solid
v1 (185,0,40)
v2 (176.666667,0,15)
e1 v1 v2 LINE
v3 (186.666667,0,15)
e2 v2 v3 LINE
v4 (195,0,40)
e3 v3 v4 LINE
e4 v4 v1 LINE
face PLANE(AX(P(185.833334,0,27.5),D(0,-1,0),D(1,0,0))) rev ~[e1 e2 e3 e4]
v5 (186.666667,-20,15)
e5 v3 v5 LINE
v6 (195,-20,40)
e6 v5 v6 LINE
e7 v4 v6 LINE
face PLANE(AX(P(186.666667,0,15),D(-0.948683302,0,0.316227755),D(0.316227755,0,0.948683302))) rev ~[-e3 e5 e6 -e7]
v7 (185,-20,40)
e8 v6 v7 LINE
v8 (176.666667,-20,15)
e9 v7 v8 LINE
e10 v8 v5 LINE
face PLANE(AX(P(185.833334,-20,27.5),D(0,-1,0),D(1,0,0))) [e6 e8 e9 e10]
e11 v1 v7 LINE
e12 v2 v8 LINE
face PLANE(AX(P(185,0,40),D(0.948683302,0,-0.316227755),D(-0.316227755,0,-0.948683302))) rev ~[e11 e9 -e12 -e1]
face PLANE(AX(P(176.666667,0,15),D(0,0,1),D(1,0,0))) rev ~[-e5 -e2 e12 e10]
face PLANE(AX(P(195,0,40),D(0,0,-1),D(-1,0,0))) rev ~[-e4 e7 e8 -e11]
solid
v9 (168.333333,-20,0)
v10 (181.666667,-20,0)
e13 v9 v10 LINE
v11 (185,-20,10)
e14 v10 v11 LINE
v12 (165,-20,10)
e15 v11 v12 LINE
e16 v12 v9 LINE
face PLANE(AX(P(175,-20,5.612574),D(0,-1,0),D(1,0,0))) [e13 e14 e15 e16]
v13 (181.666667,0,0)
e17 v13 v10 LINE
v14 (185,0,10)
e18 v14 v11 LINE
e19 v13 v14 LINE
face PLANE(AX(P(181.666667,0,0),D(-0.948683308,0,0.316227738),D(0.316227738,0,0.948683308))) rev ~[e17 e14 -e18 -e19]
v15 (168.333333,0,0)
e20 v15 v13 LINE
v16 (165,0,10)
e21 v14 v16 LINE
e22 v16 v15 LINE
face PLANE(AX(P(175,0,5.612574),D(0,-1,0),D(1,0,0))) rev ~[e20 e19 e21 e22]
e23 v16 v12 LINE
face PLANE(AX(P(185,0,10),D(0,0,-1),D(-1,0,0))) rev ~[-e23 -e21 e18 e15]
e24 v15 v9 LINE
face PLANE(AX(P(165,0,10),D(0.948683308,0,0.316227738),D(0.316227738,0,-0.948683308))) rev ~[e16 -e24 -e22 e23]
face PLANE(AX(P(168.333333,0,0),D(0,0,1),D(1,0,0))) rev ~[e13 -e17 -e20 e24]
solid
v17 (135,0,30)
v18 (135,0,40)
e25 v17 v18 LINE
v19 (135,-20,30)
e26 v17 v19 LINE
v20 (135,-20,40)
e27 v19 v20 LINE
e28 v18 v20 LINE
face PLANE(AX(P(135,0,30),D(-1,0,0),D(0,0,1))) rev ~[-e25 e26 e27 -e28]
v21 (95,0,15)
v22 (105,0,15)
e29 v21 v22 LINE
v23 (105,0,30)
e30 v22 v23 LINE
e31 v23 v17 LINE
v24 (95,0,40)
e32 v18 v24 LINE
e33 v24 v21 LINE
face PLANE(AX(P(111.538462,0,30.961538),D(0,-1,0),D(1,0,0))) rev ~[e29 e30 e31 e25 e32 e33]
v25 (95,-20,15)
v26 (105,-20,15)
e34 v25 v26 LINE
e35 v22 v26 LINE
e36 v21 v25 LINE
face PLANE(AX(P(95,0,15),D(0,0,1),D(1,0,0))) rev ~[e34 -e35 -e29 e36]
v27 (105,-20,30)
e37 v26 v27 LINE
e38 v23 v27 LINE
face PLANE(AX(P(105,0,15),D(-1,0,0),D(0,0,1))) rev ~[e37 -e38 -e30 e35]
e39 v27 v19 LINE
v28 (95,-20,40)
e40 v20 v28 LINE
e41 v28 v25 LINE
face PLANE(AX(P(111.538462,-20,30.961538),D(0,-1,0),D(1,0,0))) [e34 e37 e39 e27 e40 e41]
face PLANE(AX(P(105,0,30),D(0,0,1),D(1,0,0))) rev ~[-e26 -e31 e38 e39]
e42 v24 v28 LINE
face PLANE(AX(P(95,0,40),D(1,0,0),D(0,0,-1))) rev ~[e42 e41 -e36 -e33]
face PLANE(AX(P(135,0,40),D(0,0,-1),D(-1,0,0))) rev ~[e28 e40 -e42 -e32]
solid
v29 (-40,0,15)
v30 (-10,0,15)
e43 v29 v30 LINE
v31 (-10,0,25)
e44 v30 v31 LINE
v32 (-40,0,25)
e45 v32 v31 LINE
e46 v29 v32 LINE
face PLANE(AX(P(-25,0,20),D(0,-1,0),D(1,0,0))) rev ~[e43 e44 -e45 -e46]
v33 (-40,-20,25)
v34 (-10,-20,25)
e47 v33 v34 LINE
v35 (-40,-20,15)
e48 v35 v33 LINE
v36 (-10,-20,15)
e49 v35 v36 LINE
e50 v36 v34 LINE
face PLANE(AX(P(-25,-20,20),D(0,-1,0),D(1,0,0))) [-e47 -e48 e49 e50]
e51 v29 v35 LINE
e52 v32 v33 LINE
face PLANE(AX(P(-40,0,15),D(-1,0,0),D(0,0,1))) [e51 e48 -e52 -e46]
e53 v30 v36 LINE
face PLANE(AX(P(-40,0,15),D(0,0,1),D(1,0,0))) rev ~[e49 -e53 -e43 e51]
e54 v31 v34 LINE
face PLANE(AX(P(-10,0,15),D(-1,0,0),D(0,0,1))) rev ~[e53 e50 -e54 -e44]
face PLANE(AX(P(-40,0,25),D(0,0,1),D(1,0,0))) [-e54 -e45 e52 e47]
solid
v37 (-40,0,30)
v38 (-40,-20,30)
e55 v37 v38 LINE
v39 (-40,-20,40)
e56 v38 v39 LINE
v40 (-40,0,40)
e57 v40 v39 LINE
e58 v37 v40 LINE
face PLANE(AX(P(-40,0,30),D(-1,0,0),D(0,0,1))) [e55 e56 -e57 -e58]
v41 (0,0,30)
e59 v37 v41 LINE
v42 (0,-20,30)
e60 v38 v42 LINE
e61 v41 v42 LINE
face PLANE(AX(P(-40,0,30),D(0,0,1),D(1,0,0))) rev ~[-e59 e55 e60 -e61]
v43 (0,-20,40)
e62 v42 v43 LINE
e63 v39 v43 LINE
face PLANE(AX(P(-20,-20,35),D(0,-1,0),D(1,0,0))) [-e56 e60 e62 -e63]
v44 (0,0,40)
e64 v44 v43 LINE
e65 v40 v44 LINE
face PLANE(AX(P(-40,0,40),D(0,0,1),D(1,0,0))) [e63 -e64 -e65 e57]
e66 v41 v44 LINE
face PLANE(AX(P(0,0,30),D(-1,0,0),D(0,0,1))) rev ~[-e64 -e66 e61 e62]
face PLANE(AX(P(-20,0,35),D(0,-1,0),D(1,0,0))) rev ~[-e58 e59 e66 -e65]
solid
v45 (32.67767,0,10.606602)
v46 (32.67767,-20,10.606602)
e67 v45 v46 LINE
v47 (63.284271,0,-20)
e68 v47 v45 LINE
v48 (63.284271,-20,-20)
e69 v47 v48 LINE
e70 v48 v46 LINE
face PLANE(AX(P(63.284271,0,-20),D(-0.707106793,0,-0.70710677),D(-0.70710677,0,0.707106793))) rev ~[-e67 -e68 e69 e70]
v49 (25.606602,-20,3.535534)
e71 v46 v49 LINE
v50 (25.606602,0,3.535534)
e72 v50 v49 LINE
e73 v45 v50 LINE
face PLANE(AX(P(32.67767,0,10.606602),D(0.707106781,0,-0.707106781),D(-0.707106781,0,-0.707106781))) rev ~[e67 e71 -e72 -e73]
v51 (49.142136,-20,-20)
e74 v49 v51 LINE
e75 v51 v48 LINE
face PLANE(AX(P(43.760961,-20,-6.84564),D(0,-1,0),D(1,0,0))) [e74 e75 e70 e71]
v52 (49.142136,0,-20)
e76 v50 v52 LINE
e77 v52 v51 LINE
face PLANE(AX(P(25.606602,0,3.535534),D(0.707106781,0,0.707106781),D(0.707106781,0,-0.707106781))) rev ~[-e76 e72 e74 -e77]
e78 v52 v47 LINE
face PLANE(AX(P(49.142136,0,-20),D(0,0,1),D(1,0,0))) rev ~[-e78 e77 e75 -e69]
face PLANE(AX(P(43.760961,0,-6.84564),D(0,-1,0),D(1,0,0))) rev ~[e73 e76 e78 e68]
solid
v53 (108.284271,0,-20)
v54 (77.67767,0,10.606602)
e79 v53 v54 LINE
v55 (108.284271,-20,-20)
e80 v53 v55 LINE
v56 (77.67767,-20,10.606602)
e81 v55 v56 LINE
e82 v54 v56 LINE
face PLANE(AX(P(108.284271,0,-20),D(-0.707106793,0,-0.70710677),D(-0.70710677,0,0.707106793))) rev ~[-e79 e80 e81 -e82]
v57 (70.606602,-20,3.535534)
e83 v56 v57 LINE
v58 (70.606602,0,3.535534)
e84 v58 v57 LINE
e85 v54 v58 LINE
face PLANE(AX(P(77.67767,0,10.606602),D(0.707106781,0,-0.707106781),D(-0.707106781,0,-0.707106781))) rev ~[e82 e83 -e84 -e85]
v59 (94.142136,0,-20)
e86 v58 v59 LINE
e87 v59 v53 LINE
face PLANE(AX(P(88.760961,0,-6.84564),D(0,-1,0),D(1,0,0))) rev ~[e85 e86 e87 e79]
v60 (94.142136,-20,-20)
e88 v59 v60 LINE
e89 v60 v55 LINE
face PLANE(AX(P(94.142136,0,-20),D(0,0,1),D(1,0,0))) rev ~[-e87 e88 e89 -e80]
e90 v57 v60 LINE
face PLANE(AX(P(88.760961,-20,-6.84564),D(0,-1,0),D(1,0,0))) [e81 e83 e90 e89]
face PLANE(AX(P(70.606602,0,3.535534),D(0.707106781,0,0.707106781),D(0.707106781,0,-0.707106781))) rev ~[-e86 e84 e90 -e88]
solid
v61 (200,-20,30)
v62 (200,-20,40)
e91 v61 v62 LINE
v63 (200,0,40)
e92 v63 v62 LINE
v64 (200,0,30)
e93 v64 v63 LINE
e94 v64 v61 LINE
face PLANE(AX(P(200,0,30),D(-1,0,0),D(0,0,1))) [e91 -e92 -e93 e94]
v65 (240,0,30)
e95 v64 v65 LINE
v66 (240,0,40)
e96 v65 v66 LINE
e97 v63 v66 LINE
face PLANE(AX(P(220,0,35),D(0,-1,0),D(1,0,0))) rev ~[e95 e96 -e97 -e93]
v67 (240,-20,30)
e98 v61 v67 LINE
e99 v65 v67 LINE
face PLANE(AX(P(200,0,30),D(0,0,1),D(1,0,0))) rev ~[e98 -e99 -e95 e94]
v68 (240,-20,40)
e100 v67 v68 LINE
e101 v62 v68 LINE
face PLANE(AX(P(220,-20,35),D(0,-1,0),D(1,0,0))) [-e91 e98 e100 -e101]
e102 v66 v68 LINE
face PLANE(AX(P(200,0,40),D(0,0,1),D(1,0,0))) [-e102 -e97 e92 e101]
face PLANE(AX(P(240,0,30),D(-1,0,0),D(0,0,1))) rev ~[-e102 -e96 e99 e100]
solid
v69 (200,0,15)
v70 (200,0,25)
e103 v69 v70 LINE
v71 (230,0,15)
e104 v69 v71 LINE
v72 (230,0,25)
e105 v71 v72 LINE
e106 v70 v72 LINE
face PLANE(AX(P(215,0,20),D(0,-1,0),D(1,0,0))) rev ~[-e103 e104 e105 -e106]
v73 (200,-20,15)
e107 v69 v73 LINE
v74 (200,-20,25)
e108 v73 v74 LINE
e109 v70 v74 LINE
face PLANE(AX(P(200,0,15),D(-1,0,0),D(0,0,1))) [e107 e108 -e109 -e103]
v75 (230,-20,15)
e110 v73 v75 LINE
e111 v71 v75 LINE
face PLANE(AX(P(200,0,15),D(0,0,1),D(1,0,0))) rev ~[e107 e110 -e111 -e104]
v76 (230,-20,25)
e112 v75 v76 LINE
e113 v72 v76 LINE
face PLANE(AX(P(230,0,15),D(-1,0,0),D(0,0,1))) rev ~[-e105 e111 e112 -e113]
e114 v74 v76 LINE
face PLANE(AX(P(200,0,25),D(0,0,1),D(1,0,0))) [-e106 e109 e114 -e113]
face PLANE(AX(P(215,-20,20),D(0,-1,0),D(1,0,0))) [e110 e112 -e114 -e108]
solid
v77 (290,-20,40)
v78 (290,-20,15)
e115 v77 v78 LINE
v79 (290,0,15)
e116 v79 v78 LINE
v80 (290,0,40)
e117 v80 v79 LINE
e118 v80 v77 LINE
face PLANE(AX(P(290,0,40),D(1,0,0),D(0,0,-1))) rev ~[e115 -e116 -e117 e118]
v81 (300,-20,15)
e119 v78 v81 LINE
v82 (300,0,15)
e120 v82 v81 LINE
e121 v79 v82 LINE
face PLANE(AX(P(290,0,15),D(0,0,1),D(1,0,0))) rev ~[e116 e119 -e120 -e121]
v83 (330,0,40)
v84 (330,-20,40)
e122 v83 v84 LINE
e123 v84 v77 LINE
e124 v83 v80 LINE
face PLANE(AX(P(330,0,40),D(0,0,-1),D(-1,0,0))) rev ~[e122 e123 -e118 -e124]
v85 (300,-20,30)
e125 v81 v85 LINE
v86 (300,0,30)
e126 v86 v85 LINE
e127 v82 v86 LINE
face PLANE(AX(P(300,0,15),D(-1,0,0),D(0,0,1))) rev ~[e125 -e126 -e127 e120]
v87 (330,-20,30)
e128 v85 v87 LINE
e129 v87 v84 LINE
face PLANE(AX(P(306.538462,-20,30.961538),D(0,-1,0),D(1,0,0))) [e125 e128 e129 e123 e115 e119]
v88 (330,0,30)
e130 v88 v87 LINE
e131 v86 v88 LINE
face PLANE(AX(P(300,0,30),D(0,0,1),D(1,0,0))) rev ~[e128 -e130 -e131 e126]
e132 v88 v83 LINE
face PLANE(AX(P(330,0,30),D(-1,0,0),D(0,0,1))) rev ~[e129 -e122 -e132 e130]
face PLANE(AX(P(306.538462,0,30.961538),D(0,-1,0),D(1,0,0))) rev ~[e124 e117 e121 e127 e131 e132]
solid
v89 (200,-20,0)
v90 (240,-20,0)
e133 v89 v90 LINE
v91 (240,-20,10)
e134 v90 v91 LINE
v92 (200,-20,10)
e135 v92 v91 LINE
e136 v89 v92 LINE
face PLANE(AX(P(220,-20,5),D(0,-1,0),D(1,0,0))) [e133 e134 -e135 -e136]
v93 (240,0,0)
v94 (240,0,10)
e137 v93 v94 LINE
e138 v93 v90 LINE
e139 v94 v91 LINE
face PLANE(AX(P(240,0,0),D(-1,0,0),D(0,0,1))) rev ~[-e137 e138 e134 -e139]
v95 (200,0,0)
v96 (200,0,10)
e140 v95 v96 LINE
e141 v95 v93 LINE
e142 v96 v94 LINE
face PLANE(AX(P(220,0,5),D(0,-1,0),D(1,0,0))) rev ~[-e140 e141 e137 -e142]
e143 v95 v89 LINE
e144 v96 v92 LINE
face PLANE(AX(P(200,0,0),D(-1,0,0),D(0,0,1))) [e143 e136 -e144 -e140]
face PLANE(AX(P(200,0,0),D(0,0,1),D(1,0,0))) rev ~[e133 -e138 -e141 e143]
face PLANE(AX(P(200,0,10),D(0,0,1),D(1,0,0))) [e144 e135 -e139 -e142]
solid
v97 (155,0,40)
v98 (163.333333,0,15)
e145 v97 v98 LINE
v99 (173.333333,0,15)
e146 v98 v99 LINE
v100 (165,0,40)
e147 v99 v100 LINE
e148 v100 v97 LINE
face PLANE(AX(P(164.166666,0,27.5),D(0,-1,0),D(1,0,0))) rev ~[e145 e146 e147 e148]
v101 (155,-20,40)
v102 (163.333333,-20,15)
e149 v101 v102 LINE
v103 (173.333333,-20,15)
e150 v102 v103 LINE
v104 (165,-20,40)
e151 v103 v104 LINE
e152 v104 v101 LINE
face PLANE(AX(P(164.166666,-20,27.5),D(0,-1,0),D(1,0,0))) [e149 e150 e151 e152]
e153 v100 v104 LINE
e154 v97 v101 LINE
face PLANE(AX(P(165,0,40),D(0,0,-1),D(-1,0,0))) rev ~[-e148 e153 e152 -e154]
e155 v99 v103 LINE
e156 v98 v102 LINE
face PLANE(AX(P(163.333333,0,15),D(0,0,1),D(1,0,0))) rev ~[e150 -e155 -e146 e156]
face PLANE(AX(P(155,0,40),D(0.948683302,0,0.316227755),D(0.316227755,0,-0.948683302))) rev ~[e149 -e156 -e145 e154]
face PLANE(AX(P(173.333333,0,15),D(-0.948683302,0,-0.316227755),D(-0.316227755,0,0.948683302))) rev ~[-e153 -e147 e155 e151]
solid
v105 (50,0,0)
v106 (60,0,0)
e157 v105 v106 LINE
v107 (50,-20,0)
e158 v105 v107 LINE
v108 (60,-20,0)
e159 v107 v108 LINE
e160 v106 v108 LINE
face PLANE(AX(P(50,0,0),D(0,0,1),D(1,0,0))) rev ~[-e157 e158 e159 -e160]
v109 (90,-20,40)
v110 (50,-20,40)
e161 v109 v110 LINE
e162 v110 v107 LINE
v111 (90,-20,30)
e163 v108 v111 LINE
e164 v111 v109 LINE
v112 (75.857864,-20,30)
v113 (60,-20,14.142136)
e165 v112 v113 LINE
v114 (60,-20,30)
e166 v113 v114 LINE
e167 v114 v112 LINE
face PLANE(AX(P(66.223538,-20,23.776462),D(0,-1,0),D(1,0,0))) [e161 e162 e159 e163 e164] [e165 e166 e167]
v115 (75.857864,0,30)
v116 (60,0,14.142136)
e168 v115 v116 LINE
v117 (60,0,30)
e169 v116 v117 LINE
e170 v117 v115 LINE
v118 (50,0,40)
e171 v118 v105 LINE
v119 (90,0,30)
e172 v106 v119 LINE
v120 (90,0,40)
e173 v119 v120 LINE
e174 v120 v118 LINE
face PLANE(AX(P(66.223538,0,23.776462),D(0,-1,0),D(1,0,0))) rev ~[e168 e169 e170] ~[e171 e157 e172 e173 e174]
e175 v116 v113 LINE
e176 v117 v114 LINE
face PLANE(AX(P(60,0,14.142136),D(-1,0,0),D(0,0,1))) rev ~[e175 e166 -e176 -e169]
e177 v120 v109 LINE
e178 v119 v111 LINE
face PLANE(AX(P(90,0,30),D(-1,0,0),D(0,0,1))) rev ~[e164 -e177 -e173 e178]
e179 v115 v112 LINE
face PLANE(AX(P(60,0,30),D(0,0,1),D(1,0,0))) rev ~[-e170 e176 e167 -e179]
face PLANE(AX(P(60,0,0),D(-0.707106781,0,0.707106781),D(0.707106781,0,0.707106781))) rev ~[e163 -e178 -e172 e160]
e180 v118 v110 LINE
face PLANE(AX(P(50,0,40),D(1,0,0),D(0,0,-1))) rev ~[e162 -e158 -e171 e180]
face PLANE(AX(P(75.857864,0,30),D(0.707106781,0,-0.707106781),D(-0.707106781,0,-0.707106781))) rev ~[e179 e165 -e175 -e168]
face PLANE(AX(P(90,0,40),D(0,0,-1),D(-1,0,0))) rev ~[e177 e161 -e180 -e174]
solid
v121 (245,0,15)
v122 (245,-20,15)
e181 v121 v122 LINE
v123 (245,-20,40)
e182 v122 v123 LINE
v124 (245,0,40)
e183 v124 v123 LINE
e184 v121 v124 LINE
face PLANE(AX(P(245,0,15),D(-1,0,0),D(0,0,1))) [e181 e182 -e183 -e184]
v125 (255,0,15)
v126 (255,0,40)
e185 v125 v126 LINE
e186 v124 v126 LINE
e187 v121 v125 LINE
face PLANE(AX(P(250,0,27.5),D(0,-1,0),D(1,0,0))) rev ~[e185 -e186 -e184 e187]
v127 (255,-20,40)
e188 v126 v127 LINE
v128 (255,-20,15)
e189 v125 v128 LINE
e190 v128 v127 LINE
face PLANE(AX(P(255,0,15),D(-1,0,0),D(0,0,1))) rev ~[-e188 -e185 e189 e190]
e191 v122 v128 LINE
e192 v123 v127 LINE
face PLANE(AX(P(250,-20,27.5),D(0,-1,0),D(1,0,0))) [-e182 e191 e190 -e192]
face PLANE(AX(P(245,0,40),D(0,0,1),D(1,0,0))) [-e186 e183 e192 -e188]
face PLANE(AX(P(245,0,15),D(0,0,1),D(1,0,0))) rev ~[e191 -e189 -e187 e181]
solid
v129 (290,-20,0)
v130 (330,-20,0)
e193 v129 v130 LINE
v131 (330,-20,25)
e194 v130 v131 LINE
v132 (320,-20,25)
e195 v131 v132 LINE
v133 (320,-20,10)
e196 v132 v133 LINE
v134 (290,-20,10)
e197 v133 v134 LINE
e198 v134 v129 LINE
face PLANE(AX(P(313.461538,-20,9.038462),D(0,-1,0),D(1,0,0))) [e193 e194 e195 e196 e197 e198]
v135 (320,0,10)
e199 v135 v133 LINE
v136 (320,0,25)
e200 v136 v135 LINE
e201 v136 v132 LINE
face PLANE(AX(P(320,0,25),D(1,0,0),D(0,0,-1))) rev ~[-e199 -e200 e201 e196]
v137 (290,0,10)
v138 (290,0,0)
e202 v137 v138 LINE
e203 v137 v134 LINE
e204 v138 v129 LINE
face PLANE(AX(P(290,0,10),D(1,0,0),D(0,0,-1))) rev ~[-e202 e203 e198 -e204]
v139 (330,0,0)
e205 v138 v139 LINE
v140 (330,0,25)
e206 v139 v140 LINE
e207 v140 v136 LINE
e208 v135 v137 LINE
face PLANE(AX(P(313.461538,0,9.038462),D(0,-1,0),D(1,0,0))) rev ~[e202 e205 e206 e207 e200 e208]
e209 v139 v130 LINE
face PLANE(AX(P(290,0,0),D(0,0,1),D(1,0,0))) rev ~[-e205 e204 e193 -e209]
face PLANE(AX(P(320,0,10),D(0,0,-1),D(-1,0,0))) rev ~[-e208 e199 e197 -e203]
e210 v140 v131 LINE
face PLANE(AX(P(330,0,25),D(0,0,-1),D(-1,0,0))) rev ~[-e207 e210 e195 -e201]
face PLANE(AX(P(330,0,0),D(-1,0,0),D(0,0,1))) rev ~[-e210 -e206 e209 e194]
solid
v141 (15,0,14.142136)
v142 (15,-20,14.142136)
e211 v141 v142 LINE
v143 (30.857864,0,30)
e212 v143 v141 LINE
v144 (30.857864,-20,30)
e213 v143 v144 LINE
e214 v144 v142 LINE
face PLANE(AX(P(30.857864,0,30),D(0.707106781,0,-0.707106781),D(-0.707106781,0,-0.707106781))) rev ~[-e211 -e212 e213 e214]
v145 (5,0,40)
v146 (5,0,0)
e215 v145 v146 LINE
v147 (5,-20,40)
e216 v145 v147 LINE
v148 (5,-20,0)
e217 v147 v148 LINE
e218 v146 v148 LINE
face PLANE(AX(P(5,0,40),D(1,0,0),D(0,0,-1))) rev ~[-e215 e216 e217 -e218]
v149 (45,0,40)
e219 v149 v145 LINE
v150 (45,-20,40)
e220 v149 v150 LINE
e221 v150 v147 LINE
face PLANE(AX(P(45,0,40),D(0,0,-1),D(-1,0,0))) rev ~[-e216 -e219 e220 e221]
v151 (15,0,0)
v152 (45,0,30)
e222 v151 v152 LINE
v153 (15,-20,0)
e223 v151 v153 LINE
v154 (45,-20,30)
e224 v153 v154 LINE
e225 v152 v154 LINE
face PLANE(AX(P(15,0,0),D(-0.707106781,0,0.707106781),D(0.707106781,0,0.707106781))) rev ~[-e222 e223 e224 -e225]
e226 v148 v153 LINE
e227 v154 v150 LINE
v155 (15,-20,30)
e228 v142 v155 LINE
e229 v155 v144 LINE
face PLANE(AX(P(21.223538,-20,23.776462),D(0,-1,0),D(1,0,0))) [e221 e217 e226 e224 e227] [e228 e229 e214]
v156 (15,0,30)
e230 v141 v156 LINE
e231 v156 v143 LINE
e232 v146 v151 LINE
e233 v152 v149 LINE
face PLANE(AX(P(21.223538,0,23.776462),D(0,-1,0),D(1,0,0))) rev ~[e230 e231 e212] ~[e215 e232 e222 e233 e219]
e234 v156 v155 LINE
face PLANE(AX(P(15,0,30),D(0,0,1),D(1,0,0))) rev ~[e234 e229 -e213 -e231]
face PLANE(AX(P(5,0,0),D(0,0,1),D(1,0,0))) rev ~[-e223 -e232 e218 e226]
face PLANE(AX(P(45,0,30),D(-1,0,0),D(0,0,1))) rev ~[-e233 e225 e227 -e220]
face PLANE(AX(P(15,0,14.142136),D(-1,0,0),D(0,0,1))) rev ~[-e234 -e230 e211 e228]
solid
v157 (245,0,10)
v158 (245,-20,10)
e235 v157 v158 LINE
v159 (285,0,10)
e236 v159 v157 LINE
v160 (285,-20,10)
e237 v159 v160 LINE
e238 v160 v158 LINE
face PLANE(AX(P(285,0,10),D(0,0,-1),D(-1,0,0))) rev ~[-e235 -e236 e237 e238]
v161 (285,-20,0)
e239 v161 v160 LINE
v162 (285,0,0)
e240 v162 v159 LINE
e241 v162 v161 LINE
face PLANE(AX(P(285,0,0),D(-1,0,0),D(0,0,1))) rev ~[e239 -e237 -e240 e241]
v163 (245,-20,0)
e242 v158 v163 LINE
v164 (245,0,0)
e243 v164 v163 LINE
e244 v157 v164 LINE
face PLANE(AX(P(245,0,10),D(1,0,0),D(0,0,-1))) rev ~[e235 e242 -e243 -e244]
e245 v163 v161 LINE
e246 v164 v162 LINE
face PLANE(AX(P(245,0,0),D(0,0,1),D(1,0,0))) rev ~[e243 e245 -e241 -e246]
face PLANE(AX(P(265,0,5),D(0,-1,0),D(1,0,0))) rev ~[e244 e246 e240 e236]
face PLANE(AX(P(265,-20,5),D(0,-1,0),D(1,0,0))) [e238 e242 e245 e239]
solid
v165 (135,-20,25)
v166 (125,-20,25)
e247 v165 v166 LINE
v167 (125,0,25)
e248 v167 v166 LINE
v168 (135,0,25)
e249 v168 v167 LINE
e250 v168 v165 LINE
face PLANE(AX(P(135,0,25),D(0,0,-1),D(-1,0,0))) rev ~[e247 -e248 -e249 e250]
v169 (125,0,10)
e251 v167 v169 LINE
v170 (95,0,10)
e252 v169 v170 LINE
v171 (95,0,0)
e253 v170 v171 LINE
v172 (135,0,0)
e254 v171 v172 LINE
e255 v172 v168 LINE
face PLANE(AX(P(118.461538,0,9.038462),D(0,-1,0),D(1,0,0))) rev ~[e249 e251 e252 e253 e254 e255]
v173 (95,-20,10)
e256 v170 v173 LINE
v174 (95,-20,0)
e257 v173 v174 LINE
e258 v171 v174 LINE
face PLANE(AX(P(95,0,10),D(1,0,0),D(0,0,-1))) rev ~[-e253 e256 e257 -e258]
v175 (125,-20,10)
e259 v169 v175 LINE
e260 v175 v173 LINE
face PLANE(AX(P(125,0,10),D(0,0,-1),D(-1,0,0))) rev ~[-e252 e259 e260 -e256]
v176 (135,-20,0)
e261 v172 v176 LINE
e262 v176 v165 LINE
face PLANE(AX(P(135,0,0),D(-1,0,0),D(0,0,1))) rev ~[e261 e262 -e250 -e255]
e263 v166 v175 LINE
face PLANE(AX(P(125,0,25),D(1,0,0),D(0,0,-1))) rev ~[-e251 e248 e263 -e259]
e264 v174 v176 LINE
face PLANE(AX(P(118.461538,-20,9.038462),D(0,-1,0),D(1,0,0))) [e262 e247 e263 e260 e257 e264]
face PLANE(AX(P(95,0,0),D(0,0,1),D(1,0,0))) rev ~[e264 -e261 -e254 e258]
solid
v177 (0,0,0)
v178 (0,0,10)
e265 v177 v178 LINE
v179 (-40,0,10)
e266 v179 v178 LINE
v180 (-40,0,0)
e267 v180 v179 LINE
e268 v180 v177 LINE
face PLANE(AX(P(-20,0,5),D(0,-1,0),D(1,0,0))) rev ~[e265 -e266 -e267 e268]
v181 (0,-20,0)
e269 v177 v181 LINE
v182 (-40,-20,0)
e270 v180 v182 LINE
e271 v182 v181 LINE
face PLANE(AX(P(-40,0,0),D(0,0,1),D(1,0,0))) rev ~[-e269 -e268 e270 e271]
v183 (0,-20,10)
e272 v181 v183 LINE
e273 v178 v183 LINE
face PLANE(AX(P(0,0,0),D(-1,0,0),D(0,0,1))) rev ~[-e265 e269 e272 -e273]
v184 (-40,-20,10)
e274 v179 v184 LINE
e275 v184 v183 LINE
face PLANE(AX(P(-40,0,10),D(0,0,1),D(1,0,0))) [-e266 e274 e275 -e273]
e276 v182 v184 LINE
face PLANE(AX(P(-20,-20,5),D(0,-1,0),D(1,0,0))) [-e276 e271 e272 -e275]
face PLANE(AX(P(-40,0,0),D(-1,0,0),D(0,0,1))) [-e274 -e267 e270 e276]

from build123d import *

# Parameters (mm, degrees)
F0_W     = 40
F0_H     = 10
F0_W_2   = 30
F0_W_3   = 10
F0_H_2   = 25
F1_DEPTH = 20


with BuildPart() as f1:
    # F0 (on Front) → F1 (new body)
    with BuildSketch(Plane.XZ):
        with Locations((-20, 35)):
            Rectangle(F0_W, F0_H)
        with Locations((-25, 20)):
            Rectangle(F0_W_2, F0_H)
        with Locations((-20, 5)):
            Rectangle(F0_W, F0_H)
        Polygon((5, 40), (5, 0), (15, 0), (22.071068, 7.071068), (29.142136, 14.142136), (45, 30), (45, 40), align=None)
        Polygon((15, 14.142136), (15, 30), (30.857864, 30), align=None, mode=Mode.SUBTRACT)
        Polygon((50, 40), (50, 0), (60, 0), (67.071068, 7.071068), (74.142136, 14.142136), (90, 30), (90, 40), align=None)
        Polygon((60, 14.142136), (60, 30), (75.857864, 30), align=None, mode=Mode.SUBTRACT)
        Polygon((135, 40), (95, 40), (95, 15), (105, 15), (105, 30), (125, 30), (135, 30), align=None)
        Polygon((95, 10), (95, 0), (135, 0), (135, 25), (125, 25), (125, 10), (105, 10), align=None)
        Polygon((165, 40), (155, 40), (163.333333, 15), (173.333333, 15), align=None)
        with Locations((220, 35)):
            Rectangle(F0_W, F0_H)
        with Locations((215, 20)):
            Rectangle(F0_W_2, F0_H)
        with Locations((220, 5)):
            Rectangle(F0_W, F0_H)
        with Locations((250, 27.5)):
            Rectangle(F0_W_3, F0_H_2)
        Polygon((330, 40), (290, 40), (290, 15), (300, 15), (300, 30), (320, 30), (330, 30), align=None)
        Polygon((290, 10), (290, 0), (330, 0), (330, 25), (320, 25), (320, 10), (300, 10), align=None)
        Polygon((186.666667, 15), (195, 40), (185, 40), (176.666667, 15), align=None)
        Polygon((165, 10), (168.333333, 0), (181.666667, 0), (185, 10), align=None)
        Polygon((245, 10), (245, 0), (285, 0), (285, 10), (255, 10), align=None)
        Polygon((32.67767, 10.606602), (25.606602, 3.535534), (49.142136, -20), (63.284271, -20), align=None)
        Polygon((77.67767, 10.606602), (70.606602, 3.535534), (94.142136, -20), (108.284271, -20), align=None)
    extrude(amount=F1_DEPTH)


solid = f1.part
